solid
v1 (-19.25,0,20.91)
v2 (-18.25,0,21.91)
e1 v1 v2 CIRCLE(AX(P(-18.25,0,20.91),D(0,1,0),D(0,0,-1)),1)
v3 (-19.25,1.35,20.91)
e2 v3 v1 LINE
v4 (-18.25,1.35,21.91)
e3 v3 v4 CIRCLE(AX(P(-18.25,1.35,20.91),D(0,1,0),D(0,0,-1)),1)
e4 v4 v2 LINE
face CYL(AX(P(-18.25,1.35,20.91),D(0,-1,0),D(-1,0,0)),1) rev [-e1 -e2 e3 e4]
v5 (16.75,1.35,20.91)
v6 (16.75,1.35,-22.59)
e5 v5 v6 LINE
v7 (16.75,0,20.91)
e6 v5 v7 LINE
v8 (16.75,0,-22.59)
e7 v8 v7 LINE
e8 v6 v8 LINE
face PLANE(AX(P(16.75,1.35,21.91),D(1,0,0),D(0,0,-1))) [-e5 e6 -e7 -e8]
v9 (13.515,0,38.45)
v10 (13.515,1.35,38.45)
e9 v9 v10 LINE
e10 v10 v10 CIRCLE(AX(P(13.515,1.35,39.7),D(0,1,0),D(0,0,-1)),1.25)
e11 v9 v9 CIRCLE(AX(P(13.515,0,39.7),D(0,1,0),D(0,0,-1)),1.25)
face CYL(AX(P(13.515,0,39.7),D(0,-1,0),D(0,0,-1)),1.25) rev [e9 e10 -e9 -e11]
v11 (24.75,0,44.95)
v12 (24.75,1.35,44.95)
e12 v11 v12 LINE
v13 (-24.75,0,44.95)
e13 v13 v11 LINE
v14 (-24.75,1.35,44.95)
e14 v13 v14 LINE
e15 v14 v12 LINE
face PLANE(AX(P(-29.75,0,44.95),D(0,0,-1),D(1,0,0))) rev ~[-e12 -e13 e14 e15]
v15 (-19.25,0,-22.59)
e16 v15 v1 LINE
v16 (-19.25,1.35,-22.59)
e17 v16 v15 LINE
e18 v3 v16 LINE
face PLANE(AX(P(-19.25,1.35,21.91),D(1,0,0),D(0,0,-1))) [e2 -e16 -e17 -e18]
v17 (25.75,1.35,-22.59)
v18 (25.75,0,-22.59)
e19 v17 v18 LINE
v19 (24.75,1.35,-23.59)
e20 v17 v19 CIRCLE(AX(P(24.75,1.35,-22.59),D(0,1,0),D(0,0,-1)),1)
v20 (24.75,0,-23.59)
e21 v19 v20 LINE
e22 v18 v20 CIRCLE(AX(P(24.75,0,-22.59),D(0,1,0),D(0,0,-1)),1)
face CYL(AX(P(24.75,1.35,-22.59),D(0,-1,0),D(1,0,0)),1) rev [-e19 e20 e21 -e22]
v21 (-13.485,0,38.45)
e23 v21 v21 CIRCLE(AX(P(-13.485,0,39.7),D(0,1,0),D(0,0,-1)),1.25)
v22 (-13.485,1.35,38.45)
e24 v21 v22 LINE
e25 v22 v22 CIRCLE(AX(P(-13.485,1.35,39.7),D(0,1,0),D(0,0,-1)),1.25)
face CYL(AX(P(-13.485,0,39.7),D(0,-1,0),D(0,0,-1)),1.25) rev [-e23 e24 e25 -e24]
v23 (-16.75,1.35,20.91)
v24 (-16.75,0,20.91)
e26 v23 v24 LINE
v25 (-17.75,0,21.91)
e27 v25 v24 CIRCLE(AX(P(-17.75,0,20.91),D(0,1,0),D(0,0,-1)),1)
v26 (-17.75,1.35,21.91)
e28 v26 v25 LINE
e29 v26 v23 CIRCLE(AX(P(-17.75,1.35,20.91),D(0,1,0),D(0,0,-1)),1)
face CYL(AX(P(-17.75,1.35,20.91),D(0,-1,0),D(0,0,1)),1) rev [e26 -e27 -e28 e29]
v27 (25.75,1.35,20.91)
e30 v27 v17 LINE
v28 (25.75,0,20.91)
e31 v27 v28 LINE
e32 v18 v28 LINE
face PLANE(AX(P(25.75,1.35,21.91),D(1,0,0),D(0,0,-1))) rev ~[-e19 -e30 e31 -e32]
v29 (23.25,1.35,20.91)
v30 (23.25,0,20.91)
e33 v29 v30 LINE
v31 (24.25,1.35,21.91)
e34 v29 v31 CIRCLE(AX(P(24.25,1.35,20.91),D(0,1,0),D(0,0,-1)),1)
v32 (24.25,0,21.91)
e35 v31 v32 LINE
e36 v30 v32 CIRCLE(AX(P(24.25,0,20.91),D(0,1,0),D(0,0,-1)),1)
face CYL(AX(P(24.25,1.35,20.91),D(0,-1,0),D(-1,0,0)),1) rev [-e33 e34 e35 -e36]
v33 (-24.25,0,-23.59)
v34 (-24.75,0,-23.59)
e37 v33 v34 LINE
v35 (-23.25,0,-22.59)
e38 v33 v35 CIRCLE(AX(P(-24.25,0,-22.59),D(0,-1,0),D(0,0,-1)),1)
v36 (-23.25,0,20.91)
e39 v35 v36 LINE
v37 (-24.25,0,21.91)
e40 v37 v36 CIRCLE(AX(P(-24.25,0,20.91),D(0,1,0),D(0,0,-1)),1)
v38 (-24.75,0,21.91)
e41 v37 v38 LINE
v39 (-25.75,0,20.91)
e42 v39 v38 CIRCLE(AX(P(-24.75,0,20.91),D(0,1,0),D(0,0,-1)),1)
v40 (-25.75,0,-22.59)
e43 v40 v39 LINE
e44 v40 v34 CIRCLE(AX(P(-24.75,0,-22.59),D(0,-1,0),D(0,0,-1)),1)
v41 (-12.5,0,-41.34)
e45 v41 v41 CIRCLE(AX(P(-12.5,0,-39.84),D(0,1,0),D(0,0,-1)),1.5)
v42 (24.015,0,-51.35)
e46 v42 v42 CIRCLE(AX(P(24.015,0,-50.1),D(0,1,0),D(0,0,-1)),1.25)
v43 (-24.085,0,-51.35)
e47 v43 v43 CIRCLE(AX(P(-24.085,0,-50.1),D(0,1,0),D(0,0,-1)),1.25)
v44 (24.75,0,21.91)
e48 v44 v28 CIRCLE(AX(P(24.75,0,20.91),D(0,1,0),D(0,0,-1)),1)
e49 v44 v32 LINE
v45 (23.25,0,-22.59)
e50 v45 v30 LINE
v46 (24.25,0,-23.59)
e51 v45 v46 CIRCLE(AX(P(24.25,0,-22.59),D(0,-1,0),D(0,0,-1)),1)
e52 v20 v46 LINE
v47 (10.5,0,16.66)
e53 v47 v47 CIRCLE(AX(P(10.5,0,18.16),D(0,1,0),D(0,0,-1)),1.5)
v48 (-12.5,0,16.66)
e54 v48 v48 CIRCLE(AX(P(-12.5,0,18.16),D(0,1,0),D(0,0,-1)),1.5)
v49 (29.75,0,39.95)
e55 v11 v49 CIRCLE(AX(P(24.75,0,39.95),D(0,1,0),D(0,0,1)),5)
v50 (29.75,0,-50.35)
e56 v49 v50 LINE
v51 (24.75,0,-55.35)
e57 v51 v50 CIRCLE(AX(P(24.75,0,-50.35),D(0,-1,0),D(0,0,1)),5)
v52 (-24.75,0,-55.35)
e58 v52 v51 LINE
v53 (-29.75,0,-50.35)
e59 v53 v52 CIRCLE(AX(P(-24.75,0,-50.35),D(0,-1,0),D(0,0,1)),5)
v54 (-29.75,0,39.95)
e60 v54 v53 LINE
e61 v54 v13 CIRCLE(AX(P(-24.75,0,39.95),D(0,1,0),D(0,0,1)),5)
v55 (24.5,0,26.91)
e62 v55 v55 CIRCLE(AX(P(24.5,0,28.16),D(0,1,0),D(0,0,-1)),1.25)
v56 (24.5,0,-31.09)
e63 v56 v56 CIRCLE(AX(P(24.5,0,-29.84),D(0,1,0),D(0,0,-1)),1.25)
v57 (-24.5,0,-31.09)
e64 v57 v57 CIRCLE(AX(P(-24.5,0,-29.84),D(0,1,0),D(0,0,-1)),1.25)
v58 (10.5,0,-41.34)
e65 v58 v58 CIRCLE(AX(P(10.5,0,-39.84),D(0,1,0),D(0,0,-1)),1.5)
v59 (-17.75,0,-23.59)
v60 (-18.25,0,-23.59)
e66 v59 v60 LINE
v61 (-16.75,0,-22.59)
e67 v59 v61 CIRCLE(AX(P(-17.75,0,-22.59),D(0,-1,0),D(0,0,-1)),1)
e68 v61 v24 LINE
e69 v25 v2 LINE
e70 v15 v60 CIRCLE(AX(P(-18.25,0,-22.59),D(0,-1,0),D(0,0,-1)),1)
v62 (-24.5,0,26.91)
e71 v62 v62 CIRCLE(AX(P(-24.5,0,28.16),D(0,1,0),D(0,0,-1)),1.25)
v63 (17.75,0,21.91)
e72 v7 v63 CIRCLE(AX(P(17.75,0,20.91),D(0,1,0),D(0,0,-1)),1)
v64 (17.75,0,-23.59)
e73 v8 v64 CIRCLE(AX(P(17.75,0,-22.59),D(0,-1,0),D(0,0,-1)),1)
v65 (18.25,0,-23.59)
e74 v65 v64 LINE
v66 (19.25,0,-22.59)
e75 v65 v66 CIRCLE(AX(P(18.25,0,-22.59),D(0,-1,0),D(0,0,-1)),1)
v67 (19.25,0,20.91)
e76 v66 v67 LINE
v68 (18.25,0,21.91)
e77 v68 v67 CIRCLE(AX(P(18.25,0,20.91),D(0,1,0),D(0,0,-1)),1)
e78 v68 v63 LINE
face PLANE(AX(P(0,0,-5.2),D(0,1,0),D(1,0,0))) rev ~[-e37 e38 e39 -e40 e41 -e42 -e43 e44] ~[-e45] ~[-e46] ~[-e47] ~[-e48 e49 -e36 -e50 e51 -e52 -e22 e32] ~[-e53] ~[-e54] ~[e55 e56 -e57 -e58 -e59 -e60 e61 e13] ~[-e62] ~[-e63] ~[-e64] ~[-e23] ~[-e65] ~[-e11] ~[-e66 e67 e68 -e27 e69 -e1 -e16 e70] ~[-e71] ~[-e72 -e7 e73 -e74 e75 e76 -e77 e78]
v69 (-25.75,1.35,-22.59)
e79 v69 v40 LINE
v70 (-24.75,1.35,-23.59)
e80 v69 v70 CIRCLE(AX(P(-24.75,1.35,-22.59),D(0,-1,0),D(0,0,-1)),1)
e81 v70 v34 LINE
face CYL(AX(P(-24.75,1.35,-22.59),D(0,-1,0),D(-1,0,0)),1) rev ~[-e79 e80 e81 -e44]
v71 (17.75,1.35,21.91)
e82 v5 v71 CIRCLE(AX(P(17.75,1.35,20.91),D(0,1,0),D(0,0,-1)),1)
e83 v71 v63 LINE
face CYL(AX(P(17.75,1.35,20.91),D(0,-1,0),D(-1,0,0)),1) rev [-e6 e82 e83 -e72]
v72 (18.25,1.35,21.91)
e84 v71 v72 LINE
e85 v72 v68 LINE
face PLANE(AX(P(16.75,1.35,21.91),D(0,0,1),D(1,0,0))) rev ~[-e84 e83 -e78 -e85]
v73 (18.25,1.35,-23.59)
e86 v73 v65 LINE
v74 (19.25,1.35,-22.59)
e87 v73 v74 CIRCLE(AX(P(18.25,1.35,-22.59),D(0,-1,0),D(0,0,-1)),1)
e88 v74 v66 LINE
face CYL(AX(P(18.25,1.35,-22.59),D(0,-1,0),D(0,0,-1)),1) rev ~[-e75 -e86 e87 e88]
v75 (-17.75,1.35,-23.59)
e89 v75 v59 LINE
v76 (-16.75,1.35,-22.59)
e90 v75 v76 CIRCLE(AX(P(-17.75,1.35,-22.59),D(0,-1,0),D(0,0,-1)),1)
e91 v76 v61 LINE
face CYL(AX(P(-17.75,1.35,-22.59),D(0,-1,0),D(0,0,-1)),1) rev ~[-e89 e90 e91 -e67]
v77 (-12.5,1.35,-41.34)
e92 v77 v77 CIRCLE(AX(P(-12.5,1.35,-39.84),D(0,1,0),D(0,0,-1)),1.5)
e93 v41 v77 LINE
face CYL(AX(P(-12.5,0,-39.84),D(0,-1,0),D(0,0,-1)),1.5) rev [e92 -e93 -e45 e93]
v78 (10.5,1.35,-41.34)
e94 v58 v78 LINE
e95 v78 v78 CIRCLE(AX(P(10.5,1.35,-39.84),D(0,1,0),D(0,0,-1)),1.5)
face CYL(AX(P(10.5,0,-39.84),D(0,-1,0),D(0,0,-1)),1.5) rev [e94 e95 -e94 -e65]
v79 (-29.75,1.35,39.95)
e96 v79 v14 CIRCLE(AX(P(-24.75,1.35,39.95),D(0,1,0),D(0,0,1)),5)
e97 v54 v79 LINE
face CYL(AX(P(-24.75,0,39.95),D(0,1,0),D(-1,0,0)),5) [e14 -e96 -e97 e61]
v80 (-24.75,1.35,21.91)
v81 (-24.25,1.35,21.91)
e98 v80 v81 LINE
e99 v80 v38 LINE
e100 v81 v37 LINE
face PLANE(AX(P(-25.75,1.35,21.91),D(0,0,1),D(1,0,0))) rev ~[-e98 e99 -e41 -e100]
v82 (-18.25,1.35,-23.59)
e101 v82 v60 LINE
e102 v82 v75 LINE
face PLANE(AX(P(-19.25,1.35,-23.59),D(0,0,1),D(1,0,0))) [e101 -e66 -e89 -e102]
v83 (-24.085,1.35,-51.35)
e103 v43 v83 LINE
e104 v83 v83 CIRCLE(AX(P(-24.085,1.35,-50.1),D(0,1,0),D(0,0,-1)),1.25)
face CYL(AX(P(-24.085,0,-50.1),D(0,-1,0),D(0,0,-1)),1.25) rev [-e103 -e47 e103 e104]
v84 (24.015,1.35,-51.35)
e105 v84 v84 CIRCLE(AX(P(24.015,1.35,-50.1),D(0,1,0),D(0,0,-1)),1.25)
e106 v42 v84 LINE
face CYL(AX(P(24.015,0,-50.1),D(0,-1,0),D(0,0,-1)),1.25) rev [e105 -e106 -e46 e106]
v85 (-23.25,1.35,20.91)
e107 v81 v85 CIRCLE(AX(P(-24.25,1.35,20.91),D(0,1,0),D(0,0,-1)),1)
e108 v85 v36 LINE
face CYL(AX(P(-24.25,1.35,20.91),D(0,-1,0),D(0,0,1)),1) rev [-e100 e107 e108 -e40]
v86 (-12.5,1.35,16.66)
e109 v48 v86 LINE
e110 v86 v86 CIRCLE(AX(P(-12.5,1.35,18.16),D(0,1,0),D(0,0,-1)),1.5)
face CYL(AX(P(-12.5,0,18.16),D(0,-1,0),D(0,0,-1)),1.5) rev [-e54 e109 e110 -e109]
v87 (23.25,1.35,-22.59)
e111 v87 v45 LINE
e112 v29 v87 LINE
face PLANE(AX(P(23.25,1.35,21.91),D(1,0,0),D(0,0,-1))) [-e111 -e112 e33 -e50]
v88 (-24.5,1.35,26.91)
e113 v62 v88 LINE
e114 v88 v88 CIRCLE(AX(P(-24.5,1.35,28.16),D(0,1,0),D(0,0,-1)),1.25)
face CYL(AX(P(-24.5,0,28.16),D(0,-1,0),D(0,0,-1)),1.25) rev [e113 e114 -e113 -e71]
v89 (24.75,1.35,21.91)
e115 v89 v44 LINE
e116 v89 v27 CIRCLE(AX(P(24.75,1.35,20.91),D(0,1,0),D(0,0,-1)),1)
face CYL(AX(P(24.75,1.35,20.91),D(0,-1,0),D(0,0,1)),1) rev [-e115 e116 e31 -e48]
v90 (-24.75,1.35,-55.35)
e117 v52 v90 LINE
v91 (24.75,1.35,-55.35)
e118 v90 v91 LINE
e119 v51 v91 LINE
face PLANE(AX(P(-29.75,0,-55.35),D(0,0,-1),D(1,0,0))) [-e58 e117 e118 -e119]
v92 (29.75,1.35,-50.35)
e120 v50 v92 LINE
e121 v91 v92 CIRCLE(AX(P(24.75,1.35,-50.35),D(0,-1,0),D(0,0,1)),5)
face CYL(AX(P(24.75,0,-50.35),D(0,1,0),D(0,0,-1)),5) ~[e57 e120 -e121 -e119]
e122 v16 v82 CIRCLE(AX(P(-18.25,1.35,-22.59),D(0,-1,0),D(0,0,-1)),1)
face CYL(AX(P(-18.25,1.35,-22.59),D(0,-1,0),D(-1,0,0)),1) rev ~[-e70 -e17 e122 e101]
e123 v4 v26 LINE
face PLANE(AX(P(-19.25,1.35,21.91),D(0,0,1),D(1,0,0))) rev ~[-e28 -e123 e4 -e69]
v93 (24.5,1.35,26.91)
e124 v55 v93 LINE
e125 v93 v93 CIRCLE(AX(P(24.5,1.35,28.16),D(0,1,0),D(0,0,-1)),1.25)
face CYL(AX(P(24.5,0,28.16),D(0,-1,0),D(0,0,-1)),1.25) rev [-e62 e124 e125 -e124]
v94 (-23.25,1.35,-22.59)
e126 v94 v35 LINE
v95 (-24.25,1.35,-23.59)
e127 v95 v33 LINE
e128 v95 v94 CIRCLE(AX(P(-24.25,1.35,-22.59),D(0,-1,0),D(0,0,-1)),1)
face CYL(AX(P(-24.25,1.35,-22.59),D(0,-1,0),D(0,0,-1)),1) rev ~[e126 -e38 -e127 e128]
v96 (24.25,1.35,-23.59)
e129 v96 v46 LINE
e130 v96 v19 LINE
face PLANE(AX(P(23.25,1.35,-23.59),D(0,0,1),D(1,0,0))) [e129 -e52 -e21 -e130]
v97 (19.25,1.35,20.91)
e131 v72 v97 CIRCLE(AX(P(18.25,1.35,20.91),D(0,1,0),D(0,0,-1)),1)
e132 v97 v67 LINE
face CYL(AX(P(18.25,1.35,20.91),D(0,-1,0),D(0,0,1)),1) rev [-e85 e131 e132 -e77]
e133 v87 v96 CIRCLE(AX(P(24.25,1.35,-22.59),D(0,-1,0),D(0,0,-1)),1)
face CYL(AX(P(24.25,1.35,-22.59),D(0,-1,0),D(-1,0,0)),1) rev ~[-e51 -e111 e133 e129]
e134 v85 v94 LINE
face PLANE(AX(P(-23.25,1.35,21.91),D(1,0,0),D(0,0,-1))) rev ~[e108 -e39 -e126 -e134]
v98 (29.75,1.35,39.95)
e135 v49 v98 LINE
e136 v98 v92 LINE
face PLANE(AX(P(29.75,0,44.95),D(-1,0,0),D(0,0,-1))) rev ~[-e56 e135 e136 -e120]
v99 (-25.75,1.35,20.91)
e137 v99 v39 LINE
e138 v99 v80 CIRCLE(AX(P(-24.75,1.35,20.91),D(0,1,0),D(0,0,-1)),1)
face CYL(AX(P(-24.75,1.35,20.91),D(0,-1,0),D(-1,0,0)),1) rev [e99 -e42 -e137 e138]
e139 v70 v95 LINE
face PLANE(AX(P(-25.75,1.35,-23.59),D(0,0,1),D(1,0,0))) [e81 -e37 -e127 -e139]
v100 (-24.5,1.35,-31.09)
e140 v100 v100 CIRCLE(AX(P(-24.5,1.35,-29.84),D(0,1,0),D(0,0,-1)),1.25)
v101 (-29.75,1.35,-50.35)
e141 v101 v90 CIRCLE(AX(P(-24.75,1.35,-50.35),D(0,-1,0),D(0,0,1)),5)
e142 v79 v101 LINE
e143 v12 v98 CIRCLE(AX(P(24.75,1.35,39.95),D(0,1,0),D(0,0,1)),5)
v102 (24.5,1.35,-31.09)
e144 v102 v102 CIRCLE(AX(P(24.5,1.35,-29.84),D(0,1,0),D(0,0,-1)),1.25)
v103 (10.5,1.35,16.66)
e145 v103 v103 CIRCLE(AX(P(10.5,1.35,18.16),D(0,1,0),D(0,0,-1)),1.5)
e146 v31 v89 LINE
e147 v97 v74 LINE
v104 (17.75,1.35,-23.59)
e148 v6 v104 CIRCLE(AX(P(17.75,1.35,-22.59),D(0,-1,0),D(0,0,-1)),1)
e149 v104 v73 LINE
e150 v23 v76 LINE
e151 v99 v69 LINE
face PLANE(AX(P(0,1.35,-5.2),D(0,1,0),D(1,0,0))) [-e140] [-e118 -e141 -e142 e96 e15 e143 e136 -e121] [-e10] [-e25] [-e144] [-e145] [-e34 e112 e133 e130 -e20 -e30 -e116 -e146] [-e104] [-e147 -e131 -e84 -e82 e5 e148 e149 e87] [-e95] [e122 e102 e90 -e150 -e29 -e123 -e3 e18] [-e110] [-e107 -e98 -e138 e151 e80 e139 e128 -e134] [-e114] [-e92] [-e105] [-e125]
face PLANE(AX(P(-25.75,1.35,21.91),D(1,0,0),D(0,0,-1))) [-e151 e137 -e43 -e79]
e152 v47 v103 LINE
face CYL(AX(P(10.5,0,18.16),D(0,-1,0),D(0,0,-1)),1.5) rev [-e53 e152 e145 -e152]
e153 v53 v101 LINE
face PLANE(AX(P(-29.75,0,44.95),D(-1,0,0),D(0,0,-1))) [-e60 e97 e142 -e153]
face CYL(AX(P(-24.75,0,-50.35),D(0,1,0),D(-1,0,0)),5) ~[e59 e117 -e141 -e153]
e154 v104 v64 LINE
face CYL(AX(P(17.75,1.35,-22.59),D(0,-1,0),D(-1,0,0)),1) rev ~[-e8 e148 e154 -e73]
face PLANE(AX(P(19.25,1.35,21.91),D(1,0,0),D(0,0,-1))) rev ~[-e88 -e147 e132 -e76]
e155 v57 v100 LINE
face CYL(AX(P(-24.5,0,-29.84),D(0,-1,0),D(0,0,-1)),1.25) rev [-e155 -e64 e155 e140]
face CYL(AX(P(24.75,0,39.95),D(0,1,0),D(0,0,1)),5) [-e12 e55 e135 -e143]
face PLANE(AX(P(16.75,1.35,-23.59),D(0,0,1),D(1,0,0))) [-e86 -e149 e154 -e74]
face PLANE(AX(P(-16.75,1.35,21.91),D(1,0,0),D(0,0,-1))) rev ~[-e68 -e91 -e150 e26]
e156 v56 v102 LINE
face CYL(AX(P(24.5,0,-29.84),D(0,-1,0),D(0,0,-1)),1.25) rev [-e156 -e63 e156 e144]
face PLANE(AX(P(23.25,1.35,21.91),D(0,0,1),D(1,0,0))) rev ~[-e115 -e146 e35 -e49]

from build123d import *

# Parameters (mm, degrees)
SKETCH2_W           = 59.5
SKETCH2_H           = 100.3
SKETCH2_R           = 1.25
SKETCH2_R_2         = 1.5
BOSS_EXTRUDE1_DEPTH = 1.35
FILLET1_R           = 5
CUT_EXTRUDE1_REACH  = 64.853
SKETCH3_W           = 2.5
SKETCH3_H           = 45.5
FILLET2_R           = 1


with BuildPart() as part:
    # Sketch2 → Boss-Extrude1 (new body)
    with BuildSketch(Plane(origin=(0, 0, 0), x_dir=(1, 0, 0), z_dir=(0, 1, 0))):
        with Locations((0, 5.2)):
            Rectangle(SKETCH2_W, SKETCH2_H)
        with Locations(Location((-24.5, 29.84, 0), (0, 0, 90))):
            Circle(SKETCH2_R, mode=Mode.SUBTRACT)
        with Locations(Location((-24.085, 50.1, 0), (0, 0, 90))):
            Circle(SKETCH2_R, mode=Mode.SUBTRACT)
        with Locations(Location((24.015, 50.1, 0), (0, 0, 90))):
            Circle(SKETCH2_R, mode=Mode.SUBTRACT)
        with Locations(Location((24.5, 29.84, 0), (0, 0, 90))):
            Circle(SKETCH2_R, mode=Mode.SUBTRACT)
        with Locations(Location((24.5, -28.16, 0), (0, 0, 90))):
            Circle(SKETCH2_R, mode=Mode.SUBTRACT)
        with Locations(Location((-24.5, -28.16, 0), (0, 0, 90))):
            Circle(SKETCH2_R, mode=Mode.SUBTRACT)
        with Locations(Location((-13.485, -39.7, 0), (0, 0, 90))):
            Circle(SKETCH2_R, mode=Mode.SUBTRACT)
        with Locations(Location((13.515, -39.7, 0), (0, 0, 90))):
            Circle(SKETCH2_R, mode=Mode.SUBTRACT)
        with Locations(Location((-12.5, -18.16, 0), (0, 0, 90))):
            Circle(SKETCH2_R_2, mode=Mode.SUBTRACT)
        with Locations(Location((10.5, -18.16, 0), (0, 0, 90))):
            Circle(SKETCH2_R_2, mode=Mode.SUBTRACT)
        with Locations(Location((10.5, 39.84, 0), (0, 0, 90))):
            Circle(SKETCH2_R_2, mode=Mode.SUBTRACT)
        with Locations(Location((-12.5, 39.84, 0), (0, 0, 90))):
            Circle(SKETCH2_R_2, mode=Mode.SUBTRACT)
    extrude(amount=BOSS_EXTRUDE1_DEPTH)

    # Fillet1
    fillet1_edges = [part.edges().sort_by_distance(p)[0] for p in [
        (29.75, 0.675, -55.35),
        (29.75, 0.675, 44.95),
        (-29.75, 0.675, 44.95),
        (-29.75, 0.675, -55.35),
    ]]
    fillet(fillet1_edges, radius=FILLET1_R)

    # Sketch3 → Cut-Extrude1 (cut, up to next)
    with BuildSketch(Plane(origin=(0, 1.35, 0), x_dir=(1, 0, 0), z_dir=(0, 1, 0)), mode=Mode.PRIVATE) as cut_extrude1_sk1:
        with Locations((18, 0.84)):
            Rectangle(SKETCH3_W, SKETCH3_H)
    cut_extrude1_tool1 = extrude(cut_extrude1_sk1.sketch, amount=-CUT_EXTRUDE1_REACH, mode=Mode.PRIVATE) & part.part
    # Sketch3 → Cut-Extrude1 (cut, up to next)
    with BuildSketch(Plane(origin=(0, 1.35, 0), x_dir=(1, 0, 0), z_dir=(0, 1, 0)), mode=Mode.PRIVATE) as cut_extrude1_sk2:
        with Locations((-24.5, 0.84)):
            Rectangle(SKETCH3_W, SKETCH3_H)
    cut_extrude1_tool2 = extrude(cut_extrude1_sk2.sketch, amount=-CUT_EXTRUDE1_REACH, mode=Mode.PRIVATE) & part.part
    # Sketch3 → Cut-Extrude1 (cut, up to next)
    with BuildSketch(Plane(origin=(0, 1.35, 0), x_dir=(1, 0, 0), z_dir=(0, 1, 0)), mode=Mode.PRIVATE) as cut_extrude1_sk3:
        with Locations((-18, 0.84)):
            Rectangle(SKETCH3_W, SKETCH3_H)
    cut_extrude1_tool3 = extrude(cut_extrude1_sk3.sketch, amount=-CUT_EXTRUDE1_REACH, mode=Mode.PRIVATE) & part.part
    # Sketch3 → Cut-Extrude1 (cut, up to next)
    with BuildSketch(Plane(origin=(0, 1.35, 0), x_dir=(1, 0, 0), z_dir=(0, 1, 0)), mode=Mode.PRIVATE) as cut_extrude1_sk4:
        with Locations((24.5, 0.84)):
            Rectangle(SKETCH3_W, SKETCH3_H)
    cut_extrude1_tool4 = extrude(cut_extrude1_sk4.sketch, amount=-CUT_EXTRUDE1_REACH, mode=Mode.PRIVATE) & part.part
    add(cut_extrude1_tool1.solids().sort_by_distance((18, 1.35, -0.84))[0], mode=Mode.SUBTRACT)
    add(cut_extrude1_tool2.solids().sort_by_distance((-24.5, 1.35, -0.84))[0], mode=Mode.SUBTRACT)
    add(cut_extrude1_tool3.solids().sort_by_distance((-18, 1.35, -0.84))[0], mode=Mode.SUBTRACT)
    add(cut_extrude1_tool4.solids().sort_by_distance((24.5, 1.35, -0.84))[0], mode=Mode.SUBTRACT)

    # Fillet2
    fillet2_edges = [part.edges().sort_by_distance(p)[0] for p in [
        (-23.25, 0.675, -23.59),
        (-23.25, 0.675, 21.91),
        (-25.75, 0.675, 21.91),
        (-25.75, 0.675, -23.59),
        (-16.75, 0.675, -23.59),
        (-16.75, 0.675, 21.91),
        (-19.25, 0.675, 21.91),
        (-19.25, 0.675, -23.59),
        (19.25, 0.675, -23.59),
        (19.25, 0.675, 21.91),
        (16.75, 0.675, 21.91),
        (16.75, 0.675, -23.59),
        (25.75, 0.675, -23.59),
        (25.75, 0.675, 21.91),
        (23.25, 0.675, 21.91),
        (23.25, 0.675, -23.59),
    ]]
    fillet(fillet2_edges, radius=FILLET2_R)


solid = part.part
